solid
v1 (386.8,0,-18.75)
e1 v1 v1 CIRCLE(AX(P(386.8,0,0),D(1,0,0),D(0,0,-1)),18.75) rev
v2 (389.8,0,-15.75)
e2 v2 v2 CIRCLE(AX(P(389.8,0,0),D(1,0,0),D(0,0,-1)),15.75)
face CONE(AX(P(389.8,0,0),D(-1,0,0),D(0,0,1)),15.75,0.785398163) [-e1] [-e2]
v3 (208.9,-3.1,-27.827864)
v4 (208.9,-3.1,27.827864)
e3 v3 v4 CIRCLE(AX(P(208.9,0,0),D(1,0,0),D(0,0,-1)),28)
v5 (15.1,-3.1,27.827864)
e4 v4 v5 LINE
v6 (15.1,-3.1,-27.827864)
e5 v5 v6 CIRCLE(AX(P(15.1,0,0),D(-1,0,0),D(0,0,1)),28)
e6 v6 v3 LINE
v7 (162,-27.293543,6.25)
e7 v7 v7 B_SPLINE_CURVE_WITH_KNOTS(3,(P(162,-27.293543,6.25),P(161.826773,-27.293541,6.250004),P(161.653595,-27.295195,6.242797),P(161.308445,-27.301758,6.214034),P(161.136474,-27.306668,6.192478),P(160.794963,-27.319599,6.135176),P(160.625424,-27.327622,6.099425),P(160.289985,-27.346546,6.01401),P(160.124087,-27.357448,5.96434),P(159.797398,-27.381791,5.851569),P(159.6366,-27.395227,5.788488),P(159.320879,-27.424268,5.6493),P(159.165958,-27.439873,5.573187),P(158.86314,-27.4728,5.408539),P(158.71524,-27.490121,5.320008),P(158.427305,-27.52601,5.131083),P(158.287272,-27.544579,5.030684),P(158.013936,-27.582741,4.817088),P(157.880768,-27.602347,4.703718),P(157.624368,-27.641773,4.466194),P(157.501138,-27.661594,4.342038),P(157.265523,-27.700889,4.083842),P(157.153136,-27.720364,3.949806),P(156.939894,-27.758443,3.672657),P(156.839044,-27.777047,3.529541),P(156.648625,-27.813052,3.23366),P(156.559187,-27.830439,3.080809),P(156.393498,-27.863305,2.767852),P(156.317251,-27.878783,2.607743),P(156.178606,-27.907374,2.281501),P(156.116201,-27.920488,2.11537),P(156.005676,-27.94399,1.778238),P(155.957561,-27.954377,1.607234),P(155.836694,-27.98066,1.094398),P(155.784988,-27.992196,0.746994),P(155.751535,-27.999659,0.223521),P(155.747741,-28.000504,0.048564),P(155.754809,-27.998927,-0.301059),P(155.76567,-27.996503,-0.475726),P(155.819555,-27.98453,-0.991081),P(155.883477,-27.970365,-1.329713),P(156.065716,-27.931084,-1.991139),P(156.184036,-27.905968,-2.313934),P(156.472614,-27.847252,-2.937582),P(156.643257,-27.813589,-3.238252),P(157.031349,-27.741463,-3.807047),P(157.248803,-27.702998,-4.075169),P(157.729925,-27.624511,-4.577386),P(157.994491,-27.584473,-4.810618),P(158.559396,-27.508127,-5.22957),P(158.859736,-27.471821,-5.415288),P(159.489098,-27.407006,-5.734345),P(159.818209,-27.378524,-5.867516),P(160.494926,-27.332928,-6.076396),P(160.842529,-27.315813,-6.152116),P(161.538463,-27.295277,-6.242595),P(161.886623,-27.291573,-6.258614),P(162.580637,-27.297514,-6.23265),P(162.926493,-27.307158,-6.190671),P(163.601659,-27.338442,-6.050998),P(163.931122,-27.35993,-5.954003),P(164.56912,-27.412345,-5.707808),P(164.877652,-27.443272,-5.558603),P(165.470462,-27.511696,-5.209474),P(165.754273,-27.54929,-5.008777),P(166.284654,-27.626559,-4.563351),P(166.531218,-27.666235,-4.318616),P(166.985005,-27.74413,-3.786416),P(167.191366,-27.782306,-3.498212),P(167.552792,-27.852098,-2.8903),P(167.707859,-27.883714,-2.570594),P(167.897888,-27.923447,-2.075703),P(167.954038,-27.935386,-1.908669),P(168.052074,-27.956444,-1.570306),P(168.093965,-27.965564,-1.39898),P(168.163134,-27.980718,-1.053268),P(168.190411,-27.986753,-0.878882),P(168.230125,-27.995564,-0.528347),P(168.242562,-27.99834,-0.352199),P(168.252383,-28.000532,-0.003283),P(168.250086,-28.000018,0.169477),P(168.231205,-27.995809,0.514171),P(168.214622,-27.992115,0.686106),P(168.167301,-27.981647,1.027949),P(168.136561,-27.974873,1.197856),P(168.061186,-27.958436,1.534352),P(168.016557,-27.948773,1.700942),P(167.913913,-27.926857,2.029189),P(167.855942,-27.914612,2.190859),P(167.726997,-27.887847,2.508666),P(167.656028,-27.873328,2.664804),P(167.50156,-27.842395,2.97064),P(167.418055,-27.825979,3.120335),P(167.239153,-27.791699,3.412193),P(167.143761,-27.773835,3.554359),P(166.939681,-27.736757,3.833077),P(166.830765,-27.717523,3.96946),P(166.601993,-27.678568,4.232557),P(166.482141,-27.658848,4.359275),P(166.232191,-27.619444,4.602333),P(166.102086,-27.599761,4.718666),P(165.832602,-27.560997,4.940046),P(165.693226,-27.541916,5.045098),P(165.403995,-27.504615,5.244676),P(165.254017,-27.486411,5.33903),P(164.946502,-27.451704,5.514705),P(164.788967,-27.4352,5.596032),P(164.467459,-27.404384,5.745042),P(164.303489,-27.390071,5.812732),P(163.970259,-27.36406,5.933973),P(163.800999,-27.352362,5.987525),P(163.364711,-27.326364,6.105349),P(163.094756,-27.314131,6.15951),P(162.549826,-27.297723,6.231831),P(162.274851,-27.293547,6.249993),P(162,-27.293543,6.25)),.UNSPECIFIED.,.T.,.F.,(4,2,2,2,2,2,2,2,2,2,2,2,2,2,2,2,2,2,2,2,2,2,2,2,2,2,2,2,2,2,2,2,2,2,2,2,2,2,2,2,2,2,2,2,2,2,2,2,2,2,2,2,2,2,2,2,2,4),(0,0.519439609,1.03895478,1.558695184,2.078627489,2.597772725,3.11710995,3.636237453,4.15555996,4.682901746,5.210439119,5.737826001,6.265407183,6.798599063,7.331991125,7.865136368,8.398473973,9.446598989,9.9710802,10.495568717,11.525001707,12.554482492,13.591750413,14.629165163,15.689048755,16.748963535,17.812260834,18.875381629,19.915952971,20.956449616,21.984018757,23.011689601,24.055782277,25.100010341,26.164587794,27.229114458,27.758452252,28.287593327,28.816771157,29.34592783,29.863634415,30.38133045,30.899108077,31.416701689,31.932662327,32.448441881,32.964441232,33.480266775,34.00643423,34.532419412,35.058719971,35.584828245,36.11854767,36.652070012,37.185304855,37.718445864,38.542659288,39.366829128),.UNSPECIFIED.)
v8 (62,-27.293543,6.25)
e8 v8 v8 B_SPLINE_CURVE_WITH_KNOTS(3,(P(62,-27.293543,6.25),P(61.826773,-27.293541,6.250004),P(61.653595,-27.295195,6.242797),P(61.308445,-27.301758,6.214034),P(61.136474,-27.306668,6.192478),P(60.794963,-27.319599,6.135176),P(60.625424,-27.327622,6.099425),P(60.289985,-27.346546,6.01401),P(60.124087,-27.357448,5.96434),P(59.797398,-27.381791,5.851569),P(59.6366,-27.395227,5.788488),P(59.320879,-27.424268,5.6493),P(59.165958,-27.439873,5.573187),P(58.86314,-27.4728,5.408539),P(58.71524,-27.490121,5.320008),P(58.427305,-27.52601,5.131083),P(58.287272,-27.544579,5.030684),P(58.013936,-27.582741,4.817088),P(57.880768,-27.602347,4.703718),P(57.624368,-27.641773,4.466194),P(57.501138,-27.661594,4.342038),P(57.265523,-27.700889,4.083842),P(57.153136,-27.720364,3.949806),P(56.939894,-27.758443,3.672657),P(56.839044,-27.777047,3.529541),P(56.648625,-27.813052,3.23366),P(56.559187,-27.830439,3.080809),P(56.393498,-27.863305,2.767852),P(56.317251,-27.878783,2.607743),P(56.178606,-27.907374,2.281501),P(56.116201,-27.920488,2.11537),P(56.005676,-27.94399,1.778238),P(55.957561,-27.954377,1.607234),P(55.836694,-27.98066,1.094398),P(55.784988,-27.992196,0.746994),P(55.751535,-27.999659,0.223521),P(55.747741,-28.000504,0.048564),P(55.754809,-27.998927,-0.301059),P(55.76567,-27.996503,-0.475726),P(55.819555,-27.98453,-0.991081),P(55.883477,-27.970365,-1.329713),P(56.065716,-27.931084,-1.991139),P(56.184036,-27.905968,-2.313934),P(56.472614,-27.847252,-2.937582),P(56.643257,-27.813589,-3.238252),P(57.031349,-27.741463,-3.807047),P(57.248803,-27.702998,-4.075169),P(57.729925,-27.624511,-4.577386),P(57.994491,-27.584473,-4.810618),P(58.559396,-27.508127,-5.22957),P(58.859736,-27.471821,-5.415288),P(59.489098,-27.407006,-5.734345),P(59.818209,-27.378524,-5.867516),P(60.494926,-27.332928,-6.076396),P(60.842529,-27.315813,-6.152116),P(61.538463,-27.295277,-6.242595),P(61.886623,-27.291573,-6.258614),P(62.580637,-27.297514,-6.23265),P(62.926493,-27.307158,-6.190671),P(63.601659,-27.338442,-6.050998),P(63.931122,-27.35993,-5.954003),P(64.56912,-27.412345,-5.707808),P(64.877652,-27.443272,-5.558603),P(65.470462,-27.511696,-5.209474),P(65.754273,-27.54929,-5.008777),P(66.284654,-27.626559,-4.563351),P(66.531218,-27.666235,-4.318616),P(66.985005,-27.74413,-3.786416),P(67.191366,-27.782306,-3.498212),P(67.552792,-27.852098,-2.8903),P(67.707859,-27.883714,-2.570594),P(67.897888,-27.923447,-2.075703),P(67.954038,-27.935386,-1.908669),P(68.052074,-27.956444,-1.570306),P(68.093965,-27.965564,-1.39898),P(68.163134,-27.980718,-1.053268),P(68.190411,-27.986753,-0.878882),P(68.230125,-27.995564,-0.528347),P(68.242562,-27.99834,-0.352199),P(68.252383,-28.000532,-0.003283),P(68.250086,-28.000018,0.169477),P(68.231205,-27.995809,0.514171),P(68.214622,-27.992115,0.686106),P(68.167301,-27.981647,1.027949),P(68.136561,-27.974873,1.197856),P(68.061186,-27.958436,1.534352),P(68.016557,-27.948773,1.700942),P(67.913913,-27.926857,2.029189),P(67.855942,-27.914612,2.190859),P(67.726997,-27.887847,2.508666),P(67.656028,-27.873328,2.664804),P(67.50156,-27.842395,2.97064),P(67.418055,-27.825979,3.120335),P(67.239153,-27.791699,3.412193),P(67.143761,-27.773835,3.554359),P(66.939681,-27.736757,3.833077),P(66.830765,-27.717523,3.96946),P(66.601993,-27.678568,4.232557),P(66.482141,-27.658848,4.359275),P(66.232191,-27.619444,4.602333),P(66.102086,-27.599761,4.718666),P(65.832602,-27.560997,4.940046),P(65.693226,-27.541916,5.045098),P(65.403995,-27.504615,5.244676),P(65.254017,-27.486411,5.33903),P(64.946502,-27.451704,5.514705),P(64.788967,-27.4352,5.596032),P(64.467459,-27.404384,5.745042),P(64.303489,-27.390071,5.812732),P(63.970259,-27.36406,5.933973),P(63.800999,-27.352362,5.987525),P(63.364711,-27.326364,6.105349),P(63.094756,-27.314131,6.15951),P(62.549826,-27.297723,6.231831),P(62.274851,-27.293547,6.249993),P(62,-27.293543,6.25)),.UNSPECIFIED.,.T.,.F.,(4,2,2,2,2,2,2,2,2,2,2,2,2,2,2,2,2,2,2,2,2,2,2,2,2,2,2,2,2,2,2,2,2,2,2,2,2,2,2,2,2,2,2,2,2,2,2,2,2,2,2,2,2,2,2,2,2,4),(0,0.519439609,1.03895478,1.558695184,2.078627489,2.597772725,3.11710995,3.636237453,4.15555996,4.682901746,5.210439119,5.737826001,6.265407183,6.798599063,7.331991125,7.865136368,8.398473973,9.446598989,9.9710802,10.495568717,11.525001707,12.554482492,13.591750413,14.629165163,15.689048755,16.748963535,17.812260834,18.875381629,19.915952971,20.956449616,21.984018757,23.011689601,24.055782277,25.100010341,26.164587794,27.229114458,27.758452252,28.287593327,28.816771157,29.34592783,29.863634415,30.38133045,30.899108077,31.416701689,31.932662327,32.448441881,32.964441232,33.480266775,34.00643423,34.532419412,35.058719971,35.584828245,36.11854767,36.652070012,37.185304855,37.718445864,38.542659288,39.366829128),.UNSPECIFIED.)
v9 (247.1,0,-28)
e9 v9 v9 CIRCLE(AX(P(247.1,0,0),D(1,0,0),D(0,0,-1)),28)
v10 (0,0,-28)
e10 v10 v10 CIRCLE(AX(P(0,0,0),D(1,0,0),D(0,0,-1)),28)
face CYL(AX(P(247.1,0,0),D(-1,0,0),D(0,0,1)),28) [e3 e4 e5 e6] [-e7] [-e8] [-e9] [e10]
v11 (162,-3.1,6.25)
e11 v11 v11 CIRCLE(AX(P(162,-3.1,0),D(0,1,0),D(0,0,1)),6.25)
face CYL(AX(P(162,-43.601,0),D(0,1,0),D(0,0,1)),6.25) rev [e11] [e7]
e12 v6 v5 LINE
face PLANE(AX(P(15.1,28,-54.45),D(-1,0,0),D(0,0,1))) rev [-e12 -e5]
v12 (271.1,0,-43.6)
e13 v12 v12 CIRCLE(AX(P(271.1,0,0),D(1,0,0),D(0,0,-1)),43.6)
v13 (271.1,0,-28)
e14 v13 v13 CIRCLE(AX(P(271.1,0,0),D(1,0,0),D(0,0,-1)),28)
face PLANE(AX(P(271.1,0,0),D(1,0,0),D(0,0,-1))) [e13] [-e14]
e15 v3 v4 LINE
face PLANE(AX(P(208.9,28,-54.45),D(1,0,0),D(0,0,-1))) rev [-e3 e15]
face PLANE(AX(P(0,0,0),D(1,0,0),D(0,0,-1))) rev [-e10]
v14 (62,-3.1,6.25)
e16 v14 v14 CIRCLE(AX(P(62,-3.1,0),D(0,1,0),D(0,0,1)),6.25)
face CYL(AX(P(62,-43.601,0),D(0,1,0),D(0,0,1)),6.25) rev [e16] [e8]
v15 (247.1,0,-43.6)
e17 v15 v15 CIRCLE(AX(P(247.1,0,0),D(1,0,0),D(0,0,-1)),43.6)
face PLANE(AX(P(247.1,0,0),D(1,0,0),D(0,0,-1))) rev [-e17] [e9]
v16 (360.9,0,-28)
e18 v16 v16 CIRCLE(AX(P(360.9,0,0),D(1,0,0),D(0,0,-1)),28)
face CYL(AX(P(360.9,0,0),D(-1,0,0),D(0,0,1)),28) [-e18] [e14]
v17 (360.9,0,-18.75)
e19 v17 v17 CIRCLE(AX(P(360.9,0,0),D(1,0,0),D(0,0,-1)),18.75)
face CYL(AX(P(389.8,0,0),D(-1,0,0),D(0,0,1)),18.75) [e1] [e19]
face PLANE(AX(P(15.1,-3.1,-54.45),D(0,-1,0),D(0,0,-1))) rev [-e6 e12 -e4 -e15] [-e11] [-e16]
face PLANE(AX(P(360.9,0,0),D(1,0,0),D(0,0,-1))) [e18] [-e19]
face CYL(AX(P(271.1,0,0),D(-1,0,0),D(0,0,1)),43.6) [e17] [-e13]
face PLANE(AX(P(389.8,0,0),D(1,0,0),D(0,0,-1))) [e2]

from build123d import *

# Parameters (mm, degrees)
SKETCH1_R           = 28
BOSS_EXTRUDE1_DEPTH = 247.1
SKETCH2_R           = 43.6
BOSS_EXTRUDE2_DEPTH = 24
SKETCH3_R           = 28
BOSS_EXTRUDE3_DEPTH = 89.8
SKETCH4_R           = 18.75
BOSS_EXTRUDE4_DEPTH = 28.9
CHAMFER1_SIZE       = 3
SKETCH5_W           = 193.8
SKETCH5_H           = 31.1
CUT_EXTRUDE1_DEPTH  = 54.45
CUT_EXTRUDE2_REACH  = 42.5
SKETCH6_R           = 6.25


with BuildPart() as part:
    # Sketch1 → Boss-Extrude1 (new body)
    with BuildSketch(Plane(origin=(0, 0, 0), x_dir=(0, 0, -1), z_dir=(1, 0, 0))):
        Circle(SKETCH1_R)
    extrude(amount=BOSS_EXTRUDE1_DEPTH)

    # Sketch2 → Boss-Extrude2 (add)
    with BuildSketch(Plane(origin=(247.1, 0, 0), x_dir=(0, 0, -1), z_dir=(1, 0, 0))):
        Circle(SKETCH2_R)
    extrude(amount=BOSS_EXTRUDE2_DEPTH)

    # Sketch3 → Boss-Extrude3 (add)
    with BuildSketch(Plane(origin=(271.1, 0, 0), x_dir=(0, 0, -1), z_dir=(1, 0, 0))):
        Circle(SKETCH3_R)
    extrude(amount=BOSS_EXTRUDE3_DEPTH)

    # Sketch4 → Boss-Extrude4 (add)
    with BuildSketch(Plane(origin=(360.9, 0, 0), x_dir=(0, 0, -1), z_dir=(1, 0, 0))):
        Circle(SKETCH4_R)
    extrude(amount=BOSS_EXTRUDE4_DEPTH)

    # Chamfer1
    chamfer1_edges = [part.edges().sort_by_distance(p)[0] for p in [
        (389.8, 0, 18.75),
    ]]
    chamfer(chamfer1_edges, length=CHAMFER1_SIZE)

    # Sketch5 → Cut-Extrude1 (cut, symmetric)
    with BuildSketch(Plane.XY):
        with Locations((112, 12.45)):
            Rectangle(SKETCH5_W, SKETCH5_H)
    extrude(amount=CUT_EXTRUDE1_DEPTH, both=True, mode=Mode.SUBTRACT)

    # Sketch6 → Cut-Extrude2 (cut, up to next)
    with BuildSketch(Plane(origin=(0, -3.1, 0), x_dir=(1, 0, 0), z_dir=(0, 1, 0)), mode=Mode.PRIVATE) as cut_extrude2_sk1:
        with Locations((62, 0)):
            Circle(SKETCH6_R)
    cut_extrude2_tool1 = extrude(cut_extrude2_sk1.sketch, amount=-CUT_EXTRUDE2_REACH, mode=Mode.PRIVATE) & part.part
    add(cut_extrude2_tool1.solids().sort_by_distance((62, -3.1, 0))[0], mode=Mode.SUBTRACT)
    # Sketch6 → Cut-Extrude2 (cut, up to next)
    with BuildSketch(Plane(origin=(0, -3.1, 0), x_dir=(1, 0, 0), z_dir=(0, 1, 0)), mode=Mode.PRIVATE) as cut_extrude2_sk2:
        with Locations((162, 0)):
            Circle(SKETCH6_R)
    cut_extrude2_tool2 = extrude(cut_extrude2_sk2.sketch, amount=-CUT_EXTRUDE2_REACH, mode=Mode.PRIVATE) & part.part
    add(cut_extrude2_tool2.solids().sort_by_distance((162, -3.1, 0))[0], mode=Mode.SUBTRACT)


solid = part.part
